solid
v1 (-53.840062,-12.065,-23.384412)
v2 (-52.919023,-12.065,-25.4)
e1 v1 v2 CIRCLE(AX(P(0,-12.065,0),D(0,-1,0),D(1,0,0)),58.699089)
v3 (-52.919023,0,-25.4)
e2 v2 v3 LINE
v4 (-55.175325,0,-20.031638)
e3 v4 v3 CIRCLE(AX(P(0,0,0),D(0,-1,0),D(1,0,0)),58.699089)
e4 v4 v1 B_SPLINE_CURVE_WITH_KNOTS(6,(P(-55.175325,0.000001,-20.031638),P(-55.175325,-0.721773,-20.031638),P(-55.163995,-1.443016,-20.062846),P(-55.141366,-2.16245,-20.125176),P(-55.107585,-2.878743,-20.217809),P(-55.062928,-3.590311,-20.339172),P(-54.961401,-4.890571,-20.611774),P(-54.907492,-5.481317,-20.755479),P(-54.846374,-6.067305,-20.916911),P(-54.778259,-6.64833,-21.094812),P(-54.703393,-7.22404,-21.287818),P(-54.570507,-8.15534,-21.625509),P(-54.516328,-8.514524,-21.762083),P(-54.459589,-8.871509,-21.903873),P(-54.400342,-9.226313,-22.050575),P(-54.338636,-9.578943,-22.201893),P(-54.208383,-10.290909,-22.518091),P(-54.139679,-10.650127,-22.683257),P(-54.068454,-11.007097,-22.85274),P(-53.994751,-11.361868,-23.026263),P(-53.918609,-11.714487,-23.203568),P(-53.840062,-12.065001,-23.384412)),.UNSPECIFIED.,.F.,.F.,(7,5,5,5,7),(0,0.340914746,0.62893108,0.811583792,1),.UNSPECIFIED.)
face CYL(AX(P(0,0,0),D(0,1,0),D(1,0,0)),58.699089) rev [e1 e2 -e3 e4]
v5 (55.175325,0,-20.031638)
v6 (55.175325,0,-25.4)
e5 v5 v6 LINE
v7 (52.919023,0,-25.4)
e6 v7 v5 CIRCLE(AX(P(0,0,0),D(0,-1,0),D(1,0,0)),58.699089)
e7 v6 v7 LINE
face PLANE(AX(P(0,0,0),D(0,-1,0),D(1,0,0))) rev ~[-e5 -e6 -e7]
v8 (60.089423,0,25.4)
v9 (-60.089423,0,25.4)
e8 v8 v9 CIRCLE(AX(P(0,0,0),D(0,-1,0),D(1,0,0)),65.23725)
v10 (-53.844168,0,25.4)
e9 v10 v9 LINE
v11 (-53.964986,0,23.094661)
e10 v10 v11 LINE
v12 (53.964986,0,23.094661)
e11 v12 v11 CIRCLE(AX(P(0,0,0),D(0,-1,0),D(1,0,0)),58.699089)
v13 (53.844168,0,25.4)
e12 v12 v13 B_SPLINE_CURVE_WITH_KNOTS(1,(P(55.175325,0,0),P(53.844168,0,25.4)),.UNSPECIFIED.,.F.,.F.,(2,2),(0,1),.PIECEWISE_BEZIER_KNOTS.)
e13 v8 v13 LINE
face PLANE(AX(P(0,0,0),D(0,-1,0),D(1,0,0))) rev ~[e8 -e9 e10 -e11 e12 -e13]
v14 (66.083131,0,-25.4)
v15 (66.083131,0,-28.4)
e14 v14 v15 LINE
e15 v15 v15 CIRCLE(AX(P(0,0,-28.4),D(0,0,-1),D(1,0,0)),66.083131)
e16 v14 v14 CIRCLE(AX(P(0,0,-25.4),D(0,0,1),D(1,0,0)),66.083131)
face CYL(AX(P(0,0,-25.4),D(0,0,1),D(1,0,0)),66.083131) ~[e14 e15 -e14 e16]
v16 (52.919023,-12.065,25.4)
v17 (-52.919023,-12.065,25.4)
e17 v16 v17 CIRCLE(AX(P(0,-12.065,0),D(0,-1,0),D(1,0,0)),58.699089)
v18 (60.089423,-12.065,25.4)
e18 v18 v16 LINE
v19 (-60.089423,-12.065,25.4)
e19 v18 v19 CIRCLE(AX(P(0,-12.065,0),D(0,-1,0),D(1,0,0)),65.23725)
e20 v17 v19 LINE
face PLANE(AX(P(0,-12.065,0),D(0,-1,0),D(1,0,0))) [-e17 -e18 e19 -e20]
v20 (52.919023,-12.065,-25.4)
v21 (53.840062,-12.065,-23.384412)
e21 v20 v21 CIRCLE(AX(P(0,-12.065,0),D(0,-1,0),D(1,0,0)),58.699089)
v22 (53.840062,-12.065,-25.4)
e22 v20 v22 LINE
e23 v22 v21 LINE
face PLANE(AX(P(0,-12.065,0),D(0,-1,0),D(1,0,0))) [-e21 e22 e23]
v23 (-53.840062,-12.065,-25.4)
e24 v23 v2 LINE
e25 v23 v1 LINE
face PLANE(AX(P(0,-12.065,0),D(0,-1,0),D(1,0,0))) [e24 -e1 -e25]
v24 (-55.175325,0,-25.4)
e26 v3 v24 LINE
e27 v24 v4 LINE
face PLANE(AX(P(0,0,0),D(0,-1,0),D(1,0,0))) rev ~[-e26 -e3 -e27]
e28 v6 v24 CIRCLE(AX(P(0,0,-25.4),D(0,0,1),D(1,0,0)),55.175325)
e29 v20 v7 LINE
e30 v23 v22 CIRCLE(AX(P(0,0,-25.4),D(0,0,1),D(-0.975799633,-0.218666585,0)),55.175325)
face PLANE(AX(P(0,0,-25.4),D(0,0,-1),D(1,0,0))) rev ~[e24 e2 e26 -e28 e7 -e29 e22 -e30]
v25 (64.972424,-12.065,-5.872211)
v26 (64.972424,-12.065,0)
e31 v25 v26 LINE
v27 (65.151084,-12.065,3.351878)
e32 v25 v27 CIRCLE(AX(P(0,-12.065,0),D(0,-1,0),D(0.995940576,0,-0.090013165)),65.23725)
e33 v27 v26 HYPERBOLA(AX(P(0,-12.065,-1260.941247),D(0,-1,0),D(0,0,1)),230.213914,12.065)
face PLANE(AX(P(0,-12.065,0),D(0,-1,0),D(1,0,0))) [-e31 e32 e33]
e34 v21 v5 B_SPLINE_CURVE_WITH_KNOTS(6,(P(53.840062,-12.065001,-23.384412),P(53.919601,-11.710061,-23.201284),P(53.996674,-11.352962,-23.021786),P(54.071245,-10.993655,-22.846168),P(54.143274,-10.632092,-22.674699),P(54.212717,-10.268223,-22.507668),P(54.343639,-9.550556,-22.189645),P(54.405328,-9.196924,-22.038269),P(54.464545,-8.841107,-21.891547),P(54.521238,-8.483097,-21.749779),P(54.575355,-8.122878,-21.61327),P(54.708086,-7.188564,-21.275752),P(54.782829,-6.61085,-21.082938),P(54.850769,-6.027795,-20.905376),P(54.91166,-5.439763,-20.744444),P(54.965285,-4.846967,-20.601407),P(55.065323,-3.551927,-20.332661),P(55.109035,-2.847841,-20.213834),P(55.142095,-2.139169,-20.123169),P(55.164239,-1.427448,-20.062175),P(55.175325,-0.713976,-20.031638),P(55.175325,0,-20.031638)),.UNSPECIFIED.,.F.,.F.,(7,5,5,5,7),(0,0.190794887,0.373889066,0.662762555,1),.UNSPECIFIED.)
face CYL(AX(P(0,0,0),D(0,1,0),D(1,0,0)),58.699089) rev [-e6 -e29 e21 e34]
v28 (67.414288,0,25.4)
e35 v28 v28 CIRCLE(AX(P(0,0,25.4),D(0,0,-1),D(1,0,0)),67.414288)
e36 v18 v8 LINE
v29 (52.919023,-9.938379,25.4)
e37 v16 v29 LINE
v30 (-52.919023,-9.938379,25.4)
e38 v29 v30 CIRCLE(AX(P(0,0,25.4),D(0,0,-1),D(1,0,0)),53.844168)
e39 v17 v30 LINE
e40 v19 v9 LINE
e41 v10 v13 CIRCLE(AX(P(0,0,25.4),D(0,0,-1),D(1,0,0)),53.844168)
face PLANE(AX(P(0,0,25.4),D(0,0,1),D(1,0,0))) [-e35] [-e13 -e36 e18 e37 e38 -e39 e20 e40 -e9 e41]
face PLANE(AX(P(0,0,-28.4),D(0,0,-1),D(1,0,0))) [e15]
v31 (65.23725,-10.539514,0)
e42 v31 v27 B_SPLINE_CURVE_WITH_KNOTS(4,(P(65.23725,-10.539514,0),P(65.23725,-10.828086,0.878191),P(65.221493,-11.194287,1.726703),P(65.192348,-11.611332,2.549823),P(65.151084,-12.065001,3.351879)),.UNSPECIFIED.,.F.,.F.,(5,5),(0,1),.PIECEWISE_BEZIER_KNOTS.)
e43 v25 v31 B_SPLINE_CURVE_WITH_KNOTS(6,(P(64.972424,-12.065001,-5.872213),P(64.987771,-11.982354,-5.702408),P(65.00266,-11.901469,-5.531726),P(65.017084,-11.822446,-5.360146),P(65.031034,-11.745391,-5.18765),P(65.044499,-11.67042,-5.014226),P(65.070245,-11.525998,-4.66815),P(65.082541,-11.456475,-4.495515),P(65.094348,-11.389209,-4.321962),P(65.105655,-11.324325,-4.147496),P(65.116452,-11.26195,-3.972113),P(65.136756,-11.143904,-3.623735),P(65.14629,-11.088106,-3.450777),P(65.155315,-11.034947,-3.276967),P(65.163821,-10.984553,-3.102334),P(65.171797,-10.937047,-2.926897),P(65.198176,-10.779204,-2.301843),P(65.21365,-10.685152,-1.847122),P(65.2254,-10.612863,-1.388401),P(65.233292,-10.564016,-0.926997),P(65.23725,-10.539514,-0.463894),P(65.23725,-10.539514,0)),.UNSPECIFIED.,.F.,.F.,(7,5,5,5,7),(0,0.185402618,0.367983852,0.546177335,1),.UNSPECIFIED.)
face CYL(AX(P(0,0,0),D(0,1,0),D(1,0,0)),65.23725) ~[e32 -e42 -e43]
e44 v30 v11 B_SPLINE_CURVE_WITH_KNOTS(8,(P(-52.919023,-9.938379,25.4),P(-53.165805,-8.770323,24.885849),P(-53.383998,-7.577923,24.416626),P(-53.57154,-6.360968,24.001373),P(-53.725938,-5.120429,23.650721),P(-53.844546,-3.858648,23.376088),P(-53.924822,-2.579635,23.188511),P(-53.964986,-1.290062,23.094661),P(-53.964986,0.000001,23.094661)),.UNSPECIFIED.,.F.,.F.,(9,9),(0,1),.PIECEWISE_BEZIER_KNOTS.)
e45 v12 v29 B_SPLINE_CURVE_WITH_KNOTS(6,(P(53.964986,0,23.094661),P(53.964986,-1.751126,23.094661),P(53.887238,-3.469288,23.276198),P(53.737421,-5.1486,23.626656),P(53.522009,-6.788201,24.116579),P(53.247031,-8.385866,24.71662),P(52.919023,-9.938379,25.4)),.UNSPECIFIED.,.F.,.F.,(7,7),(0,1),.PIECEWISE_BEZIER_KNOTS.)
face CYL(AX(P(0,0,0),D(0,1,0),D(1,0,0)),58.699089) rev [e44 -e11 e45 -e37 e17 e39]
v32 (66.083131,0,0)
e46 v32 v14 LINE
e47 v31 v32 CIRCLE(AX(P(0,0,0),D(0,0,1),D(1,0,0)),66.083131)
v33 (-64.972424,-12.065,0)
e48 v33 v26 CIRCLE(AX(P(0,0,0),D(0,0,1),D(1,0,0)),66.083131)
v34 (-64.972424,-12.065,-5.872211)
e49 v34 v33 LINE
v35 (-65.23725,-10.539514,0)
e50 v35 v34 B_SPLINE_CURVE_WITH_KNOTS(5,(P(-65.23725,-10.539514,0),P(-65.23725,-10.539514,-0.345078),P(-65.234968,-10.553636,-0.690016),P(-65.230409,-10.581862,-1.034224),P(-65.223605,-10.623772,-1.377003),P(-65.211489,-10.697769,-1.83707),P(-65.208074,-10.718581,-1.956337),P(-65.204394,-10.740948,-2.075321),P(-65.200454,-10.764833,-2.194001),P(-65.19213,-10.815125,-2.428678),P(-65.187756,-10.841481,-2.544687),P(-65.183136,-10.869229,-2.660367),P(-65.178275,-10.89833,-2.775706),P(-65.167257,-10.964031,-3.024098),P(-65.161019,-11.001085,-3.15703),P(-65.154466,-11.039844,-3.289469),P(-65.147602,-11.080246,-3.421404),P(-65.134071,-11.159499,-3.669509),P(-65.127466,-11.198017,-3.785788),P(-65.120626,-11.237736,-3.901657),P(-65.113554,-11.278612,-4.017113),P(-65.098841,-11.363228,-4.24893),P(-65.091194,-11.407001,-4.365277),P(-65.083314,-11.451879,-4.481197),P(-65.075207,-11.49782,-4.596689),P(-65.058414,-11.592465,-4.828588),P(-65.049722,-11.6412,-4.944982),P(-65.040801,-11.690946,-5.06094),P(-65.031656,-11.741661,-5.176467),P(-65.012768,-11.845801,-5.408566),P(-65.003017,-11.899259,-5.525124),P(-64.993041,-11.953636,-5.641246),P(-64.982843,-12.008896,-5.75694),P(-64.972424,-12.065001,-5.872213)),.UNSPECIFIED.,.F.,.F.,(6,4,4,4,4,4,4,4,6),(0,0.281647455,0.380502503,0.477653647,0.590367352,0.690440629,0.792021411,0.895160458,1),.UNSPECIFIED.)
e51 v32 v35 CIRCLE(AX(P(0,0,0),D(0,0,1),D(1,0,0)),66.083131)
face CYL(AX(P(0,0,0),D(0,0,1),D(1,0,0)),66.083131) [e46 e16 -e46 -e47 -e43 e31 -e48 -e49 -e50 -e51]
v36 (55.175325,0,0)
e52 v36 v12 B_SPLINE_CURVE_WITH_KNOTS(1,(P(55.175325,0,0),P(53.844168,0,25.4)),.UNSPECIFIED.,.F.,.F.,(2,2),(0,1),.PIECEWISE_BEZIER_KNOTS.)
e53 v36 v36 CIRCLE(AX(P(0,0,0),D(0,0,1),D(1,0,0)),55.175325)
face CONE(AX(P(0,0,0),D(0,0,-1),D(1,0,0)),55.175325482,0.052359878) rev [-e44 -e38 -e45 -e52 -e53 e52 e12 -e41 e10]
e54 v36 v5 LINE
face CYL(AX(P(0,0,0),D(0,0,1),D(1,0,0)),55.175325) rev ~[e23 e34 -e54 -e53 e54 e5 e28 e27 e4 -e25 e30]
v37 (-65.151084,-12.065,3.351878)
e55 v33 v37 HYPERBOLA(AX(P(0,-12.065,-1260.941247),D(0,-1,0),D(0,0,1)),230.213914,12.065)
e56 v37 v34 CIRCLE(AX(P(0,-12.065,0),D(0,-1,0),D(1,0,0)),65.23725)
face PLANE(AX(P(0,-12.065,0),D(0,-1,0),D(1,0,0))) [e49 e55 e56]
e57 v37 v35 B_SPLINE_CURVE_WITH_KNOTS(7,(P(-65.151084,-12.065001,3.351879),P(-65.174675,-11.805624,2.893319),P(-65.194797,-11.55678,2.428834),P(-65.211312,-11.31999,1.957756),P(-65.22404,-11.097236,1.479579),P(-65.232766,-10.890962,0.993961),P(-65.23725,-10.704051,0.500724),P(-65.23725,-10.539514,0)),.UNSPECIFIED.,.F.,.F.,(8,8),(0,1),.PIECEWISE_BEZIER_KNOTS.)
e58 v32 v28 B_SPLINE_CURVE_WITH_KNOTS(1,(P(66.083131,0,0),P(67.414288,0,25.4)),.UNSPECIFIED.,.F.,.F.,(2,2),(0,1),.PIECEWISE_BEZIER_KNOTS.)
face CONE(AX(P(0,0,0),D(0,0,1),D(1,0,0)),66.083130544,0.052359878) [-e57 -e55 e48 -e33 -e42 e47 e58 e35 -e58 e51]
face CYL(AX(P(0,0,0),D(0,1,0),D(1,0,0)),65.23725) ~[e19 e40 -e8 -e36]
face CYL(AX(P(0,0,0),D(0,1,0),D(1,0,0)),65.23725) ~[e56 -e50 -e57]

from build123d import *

# Parameters (mm, degrees)
F0_R          = 65.2372499689
F0_R_2        = 58.6990889692
F1_DEPTH      = 12.065
F2_R          = 66.0831305436
F2_R_2        = 55.1753254818
F3_DEPTH      = 25.4
F3_TAPER      = -3
F3_DEPTH_BACK = 25.4
F5_DEPTH      = 50.25
F6_R          = 66.0831305436
F7_DEPTH      = 3


with BuildPart() as f1:
    # F0 (on Front) → F1 (new body)
    with BuildSketch(Plane.XZ):
        Circle(F0_R)
        Circle(F0_R_2, mode=Mode.SUBTRACT)
    extrude(amount=F1_DEPTH)

    # F2 (on Top) → F3 (join, two sides)
    with BuildSketch(Plane.XY) as f3_sk:
        Circle(F2_R)
        Circle(F2_R_2, mode=Mode.SUBTRACT)
    extrude(amount=F3_DEPTH, taper=F3_TAPER)
    extrude(f3_sk.sketch, amount=-F3_DEPTH_BACK)

    # F4 (on Front) → F5 (cut)
    with BuildSketch(Plane.XZ):
        Polygon((66.0831305436, -25.4), (-66.0831305436, -25.4), (-61.7706626654, -79.2663544416), (70.8459764719, -79.2663544416), align=None)
    extrude(amount=F5_DEPTH, mode=Mode.SUBTRACT)

    # F6 (on face) → F7 (join)
    with BuildSketch(Plane(origin=(0, 0, -25.4), x_dir=(1, 0, 0), z_dir=(0, 0, -1))):
        Circle(F6_R)
    extrude(amount=F7_DEPTH)


solid = f1.part
